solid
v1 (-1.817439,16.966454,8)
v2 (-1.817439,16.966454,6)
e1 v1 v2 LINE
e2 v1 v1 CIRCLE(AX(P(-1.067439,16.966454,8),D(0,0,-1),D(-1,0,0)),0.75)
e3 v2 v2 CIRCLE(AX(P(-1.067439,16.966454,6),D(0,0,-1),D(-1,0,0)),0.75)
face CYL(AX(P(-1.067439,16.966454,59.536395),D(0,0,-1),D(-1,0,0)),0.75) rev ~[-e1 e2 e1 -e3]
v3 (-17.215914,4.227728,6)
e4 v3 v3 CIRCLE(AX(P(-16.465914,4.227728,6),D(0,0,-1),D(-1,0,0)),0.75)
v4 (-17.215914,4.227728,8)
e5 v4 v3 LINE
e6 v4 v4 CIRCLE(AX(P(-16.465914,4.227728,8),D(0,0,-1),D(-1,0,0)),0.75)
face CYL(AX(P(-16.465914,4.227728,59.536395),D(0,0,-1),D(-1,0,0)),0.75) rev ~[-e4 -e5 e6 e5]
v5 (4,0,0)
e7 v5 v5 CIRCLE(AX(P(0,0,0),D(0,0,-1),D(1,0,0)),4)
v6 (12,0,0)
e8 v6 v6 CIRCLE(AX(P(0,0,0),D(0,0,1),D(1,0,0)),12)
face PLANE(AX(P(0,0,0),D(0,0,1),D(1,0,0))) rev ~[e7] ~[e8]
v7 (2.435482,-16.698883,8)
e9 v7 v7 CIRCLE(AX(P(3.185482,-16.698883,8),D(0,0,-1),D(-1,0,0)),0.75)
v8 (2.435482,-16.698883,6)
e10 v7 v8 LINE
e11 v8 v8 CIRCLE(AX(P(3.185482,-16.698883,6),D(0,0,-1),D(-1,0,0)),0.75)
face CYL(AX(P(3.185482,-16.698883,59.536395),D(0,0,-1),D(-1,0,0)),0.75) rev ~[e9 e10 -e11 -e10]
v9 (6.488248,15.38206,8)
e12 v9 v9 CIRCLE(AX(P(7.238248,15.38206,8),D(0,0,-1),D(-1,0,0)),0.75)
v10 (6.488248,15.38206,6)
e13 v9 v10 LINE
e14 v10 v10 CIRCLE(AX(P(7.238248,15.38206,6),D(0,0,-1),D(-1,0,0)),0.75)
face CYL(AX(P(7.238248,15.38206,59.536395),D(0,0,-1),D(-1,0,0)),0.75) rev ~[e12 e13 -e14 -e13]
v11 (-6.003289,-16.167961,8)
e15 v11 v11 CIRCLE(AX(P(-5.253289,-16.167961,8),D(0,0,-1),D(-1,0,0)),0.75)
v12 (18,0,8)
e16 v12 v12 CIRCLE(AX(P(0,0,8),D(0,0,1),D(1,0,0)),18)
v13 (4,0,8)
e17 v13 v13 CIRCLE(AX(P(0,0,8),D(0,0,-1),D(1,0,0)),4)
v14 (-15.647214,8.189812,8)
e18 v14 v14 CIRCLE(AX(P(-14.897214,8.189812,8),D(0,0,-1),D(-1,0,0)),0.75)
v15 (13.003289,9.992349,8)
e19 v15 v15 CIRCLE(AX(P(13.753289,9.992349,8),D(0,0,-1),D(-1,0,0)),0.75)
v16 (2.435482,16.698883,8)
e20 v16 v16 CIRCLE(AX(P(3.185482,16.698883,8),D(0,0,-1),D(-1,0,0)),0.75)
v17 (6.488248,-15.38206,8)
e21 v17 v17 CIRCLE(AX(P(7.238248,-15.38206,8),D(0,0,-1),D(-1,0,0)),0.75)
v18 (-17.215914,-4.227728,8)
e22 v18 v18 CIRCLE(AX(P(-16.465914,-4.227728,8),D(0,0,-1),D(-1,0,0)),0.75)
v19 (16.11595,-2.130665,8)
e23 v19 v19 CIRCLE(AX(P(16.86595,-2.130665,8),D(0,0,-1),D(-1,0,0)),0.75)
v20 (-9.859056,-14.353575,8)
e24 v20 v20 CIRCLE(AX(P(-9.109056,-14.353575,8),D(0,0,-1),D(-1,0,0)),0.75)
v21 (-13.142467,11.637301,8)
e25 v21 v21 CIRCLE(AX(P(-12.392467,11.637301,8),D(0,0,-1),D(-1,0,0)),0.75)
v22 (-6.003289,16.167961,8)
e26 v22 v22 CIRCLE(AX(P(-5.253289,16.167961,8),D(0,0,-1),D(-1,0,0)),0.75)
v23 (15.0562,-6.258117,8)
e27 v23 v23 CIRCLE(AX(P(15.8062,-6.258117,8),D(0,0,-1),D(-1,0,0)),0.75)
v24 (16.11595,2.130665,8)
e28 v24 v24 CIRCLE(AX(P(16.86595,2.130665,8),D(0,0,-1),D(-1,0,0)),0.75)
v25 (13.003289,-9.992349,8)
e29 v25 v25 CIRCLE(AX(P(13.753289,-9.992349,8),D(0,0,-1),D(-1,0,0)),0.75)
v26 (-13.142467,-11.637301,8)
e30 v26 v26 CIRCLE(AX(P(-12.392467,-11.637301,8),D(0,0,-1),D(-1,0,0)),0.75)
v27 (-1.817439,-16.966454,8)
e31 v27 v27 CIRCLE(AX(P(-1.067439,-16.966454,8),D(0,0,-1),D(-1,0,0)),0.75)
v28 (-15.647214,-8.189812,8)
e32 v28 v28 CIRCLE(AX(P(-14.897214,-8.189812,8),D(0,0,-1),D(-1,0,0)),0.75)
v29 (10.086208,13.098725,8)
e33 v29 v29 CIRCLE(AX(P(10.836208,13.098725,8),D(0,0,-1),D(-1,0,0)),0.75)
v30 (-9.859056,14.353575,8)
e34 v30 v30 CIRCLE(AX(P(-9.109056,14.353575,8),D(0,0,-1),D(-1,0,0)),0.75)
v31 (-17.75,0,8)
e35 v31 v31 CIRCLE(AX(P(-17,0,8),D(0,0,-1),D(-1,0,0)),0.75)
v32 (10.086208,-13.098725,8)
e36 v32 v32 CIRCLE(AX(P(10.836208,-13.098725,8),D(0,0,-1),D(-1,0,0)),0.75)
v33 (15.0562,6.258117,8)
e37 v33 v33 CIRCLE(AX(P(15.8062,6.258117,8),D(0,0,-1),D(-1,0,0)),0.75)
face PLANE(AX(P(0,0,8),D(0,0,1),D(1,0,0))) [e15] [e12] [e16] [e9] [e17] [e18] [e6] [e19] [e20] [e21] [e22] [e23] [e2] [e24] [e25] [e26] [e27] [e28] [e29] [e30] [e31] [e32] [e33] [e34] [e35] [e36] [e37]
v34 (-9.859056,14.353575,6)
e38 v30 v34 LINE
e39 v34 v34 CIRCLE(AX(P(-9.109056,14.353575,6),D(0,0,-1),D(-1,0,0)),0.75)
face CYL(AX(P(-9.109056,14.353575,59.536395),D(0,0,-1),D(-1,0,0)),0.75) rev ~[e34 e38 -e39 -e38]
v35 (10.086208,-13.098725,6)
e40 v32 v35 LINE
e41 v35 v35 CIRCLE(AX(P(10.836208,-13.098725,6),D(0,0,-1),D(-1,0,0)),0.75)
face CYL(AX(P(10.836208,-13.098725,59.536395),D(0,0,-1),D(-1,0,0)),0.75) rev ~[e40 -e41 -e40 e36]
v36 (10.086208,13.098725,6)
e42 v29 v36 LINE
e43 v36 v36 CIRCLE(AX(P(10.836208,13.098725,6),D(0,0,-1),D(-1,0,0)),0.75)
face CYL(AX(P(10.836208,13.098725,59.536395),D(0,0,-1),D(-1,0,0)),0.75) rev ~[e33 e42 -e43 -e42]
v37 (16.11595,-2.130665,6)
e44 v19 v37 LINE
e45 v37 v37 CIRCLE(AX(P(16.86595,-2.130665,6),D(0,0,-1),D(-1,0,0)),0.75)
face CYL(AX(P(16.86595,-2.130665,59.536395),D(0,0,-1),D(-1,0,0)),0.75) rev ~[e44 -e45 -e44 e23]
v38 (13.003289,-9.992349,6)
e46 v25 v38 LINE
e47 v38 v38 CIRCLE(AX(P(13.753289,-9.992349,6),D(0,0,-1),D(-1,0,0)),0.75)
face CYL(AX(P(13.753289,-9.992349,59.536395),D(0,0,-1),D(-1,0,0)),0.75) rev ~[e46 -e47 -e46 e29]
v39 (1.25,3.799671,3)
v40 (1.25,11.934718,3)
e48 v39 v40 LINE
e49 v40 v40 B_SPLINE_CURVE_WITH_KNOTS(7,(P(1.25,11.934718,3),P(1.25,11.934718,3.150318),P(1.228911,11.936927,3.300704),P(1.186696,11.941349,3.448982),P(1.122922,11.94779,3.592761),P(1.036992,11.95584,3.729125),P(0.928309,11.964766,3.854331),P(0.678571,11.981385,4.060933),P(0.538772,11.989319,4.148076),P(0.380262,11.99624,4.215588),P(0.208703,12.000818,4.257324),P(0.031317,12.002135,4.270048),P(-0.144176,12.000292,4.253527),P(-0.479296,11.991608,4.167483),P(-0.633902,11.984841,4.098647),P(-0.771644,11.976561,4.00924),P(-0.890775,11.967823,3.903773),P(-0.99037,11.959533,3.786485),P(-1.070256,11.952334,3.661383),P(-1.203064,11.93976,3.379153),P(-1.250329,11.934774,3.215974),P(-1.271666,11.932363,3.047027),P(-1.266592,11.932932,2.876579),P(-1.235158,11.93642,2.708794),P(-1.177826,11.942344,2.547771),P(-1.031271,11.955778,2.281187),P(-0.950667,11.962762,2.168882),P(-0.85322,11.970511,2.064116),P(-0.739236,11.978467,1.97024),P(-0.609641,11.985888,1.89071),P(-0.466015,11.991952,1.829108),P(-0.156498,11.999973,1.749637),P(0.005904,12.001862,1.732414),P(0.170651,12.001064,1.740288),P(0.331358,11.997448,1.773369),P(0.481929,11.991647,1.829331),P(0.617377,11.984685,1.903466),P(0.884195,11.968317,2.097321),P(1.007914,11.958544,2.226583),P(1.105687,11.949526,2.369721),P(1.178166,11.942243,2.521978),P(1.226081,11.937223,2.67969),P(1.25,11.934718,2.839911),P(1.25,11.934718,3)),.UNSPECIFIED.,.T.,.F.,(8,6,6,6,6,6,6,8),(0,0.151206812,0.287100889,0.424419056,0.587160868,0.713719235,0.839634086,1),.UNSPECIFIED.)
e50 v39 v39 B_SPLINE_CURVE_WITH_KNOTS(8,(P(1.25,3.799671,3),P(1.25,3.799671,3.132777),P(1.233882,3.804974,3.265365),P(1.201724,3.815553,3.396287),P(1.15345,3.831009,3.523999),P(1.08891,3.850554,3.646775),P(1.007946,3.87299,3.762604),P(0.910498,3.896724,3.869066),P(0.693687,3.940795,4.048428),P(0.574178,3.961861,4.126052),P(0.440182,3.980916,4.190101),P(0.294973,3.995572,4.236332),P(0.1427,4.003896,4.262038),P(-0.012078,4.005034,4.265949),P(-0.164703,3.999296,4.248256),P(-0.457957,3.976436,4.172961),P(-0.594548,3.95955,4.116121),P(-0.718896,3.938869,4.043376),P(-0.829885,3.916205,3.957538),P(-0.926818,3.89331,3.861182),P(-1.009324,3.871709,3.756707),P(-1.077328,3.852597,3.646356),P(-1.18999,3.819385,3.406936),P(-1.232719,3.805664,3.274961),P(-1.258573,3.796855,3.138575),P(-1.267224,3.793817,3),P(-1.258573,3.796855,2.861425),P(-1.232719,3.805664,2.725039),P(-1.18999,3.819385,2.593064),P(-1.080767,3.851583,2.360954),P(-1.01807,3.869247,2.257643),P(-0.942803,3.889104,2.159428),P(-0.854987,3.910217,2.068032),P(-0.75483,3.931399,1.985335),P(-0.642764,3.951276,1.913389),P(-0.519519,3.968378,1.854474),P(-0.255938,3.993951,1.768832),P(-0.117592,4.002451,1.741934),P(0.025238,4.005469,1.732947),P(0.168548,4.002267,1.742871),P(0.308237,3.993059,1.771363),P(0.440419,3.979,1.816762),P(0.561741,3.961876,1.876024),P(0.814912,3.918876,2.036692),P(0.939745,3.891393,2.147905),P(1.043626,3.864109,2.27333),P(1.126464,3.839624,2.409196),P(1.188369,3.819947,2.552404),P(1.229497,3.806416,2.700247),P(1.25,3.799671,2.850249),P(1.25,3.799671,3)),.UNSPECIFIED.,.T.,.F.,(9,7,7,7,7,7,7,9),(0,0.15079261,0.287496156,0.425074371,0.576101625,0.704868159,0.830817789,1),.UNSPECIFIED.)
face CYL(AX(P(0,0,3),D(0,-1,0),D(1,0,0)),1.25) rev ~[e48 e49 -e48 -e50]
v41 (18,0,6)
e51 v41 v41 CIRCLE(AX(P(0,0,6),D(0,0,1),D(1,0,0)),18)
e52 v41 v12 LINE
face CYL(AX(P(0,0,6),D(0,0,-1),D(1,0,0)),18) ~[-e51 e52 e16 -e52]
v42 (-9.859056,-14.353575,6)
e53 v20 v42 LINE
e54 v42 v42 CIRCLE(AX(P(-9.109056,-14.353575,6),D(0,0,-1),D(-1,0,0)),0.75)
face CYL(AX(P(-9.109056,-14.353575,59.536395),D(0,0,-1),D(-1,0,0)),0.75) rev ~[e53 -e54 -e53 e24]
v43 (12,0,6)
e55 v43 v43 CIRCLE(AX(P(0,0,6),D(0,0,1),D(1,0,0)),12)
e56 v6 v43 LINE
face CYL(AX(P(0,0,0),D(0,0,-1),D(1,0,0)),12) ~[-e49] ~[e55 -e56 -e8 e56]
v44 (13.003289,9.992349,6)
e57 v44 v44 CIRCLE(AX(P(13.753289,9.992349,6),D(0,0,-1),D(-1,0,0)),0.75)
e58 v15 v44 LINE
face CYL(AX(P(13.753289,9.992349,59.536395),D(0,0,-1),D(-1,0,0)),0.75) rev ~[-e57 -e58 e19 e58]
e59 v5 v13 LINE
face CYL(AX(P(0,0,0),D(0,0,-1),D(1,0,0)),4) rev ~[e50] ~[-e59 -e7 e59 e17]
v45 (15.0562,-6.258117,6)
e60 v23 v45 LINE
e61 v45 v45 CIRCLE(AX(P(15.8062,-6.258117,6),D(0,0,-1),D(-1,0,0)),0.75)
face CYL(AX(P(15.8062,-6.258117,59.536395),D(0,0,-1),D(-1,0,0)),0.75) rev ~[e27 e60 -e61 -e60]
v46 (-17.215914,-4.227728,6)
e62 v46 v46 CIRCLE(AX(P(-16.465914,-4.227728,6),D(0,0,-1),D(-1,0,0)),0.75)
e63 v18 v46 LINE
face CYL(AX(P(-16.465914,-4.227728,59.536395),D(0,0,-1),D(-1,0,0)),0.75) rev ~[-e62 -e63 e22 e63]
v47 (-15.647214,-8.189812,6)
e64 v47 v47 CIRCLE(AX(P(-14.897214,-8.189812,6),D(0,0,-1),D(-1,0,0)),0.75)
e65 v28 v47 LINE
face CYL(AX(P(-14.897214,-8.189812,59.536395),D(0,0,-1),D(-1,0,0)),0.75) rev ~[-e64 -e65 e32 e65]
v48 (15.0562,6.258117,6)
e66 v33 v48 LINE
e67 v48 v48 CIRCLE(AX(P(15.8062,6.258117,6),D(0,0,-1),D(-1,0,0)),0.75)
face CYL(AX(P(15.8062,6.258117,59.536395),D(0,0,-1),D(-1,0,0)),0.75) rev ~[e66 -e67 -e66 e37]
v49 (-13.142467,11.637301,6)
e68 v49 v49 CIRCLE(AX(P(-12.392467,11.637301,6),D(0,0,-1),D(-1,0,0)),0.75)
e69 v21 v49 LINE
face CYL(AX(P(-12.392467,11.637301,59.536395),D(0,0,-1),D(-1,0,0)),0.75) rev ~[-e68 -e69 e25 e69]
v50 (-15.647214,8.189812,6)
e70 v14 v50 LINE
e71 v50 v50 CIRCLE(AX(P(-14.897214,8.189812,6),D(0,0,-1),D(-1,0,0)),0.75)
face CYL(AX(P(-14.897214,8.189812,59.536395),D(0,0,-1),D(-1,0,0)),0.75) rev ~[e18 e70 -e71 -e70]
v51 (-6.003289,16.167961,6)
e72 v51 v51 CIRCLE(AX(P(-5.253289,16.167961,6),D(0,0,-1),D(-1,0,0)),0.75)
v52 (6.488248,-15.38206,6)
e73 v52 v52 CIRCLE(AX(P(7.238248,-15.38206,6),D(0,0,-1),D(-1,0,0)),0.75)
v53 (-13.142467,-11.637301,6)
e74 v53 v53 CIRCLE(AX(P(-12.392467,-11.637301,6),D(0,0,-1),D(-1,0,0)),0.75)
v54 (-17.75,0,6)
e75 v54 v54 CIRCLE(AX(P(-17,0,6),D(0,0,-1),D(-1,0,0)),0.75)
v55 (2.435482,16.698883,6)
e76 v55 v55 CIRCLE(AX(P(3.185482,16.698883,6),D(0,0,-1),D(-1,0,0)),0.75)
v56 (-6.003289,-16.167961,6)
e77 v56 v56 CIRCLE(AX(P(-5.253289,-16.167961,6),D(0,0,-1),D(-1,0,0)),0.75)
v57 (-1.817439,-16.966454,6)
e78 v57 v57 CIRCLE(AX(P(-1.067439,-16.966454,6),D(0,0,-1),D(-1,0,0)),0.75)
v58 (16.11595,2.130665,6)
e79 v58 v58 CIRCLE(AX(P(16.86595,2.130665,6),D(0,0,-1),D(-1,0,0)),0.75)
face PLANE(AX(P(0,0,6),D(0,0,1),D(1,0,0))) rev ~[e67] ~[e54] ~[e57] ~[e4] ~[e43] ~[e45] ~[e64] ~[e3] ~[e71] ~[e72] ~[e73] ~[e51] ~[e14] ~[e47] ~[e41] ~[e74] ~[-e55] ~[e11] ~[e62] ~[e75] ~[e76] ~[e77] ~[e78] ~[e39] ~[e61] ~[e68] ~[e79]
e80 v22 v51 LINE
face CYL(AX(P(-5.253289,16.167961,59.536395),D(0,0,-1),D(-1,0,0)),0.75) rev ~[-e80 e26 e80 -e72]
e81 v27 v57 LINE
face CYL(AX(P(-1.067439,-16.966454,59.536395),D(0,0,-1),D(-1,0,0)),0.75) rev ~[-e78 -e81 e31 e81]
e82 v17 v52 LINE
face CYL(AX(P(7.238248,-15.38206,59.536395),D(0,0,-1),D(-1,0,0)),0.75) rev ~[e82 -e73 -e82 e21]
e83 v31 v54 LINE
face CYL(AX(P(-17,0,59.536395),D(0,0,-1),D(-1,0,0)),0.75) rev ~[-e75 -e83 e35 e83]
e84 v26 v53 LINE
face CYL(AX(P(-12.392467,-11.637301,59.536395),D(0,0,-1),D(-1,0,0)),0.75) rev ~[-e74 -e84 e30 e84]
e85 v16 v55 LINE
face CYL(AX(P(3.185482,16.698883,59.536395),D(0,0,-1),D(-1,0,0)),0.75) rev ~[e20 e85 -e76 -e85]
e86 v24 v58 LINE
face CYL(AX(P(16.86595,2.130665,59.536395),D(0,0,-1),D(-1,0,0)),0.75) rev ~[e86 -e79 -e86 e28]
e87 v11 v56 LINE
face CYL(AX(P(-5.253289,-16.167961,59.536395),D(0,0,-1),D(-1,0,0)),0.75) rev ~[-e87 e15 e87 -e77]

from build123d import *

# Parameters (mm, degrees)
F0_R     = 12
F1_DEPTH = 6
F2_R     = 18
F3_DEPTH = 2
F5_D     = 1.5
F6_R     = 4
F7_DEPTH = 8.001
F9_D     = 2.5
F9_DEPTH = 18.001


with BuildPart() as f1:
    # F0 (on Top) → F1 (new body)
    with BuildSketch(Plane.XY):
        Circle(F0_R)
    extrude(amount=F1_DEPTH)

    # F2 (on face) → F3 (join)
    with BuildSketch(Plane.XY.offset(6)):
        Circle(F2_R)
    extrude(amount=F3_DEPTH)

    # F5 (through all)
    with Locations(Plane.XY.offset(8)):
        with Locations((-17, 0), (-16.4659137392, 4.2277280818), (-14.8972135607, 8.1898124597), (-12.3924666662, 11.6373008008), (-9.1090555146, 14.3535747335), (-5.2532889044, 16.167960777), (-1.067438832, 16.9664543833), (3.185482348, 16.6988832624), (7.2382479566, 15.3820598919), (10.8362078257, 13.0987251272), (13.7532889044, 9.992349289), (15.8062002601, 6.2581173956), (-16.4659137392, -4.2277280818), (-14.8972135607, -8.1898124597), (-12.3924666662, -11.6373008008), (-9.1090555146, -14.3535747335), (-5.2532889044, -16.167960777), (-1.067438832, -16.9664543833), (3.185482348, -16.6988832624), (7.2382479566, -15.3820598919), (10.8362078257, -13.0987251272), (13.7532889044, -9.992349289), (15.8062002601, -6.2581173956), (16.8659499223, -2.1306649706), (16.8659499223, 2.1306649706)):
            Hole(F5_D / 2)

    # F6 (on face) → F7 (cut, through all)
    with BuildSketch(Plane(origin=(0, 0, 0), x_dir=(1, 0, 0), z_dir=(0, 0, -1))):
        Circle(F6_R)
    extrude(amount=-F7_DEPTH, mode=Mode.SUBTRACT)

    # F9 (through all, one way)
    with BuildSketch(Plane.XZ):
        with Locations((0, 3)):
            Circle(F9_D / 2)
    extrude(amount=-F9_DEPTH, mode=Mode.SUBTRACT)


solid = f1.part
